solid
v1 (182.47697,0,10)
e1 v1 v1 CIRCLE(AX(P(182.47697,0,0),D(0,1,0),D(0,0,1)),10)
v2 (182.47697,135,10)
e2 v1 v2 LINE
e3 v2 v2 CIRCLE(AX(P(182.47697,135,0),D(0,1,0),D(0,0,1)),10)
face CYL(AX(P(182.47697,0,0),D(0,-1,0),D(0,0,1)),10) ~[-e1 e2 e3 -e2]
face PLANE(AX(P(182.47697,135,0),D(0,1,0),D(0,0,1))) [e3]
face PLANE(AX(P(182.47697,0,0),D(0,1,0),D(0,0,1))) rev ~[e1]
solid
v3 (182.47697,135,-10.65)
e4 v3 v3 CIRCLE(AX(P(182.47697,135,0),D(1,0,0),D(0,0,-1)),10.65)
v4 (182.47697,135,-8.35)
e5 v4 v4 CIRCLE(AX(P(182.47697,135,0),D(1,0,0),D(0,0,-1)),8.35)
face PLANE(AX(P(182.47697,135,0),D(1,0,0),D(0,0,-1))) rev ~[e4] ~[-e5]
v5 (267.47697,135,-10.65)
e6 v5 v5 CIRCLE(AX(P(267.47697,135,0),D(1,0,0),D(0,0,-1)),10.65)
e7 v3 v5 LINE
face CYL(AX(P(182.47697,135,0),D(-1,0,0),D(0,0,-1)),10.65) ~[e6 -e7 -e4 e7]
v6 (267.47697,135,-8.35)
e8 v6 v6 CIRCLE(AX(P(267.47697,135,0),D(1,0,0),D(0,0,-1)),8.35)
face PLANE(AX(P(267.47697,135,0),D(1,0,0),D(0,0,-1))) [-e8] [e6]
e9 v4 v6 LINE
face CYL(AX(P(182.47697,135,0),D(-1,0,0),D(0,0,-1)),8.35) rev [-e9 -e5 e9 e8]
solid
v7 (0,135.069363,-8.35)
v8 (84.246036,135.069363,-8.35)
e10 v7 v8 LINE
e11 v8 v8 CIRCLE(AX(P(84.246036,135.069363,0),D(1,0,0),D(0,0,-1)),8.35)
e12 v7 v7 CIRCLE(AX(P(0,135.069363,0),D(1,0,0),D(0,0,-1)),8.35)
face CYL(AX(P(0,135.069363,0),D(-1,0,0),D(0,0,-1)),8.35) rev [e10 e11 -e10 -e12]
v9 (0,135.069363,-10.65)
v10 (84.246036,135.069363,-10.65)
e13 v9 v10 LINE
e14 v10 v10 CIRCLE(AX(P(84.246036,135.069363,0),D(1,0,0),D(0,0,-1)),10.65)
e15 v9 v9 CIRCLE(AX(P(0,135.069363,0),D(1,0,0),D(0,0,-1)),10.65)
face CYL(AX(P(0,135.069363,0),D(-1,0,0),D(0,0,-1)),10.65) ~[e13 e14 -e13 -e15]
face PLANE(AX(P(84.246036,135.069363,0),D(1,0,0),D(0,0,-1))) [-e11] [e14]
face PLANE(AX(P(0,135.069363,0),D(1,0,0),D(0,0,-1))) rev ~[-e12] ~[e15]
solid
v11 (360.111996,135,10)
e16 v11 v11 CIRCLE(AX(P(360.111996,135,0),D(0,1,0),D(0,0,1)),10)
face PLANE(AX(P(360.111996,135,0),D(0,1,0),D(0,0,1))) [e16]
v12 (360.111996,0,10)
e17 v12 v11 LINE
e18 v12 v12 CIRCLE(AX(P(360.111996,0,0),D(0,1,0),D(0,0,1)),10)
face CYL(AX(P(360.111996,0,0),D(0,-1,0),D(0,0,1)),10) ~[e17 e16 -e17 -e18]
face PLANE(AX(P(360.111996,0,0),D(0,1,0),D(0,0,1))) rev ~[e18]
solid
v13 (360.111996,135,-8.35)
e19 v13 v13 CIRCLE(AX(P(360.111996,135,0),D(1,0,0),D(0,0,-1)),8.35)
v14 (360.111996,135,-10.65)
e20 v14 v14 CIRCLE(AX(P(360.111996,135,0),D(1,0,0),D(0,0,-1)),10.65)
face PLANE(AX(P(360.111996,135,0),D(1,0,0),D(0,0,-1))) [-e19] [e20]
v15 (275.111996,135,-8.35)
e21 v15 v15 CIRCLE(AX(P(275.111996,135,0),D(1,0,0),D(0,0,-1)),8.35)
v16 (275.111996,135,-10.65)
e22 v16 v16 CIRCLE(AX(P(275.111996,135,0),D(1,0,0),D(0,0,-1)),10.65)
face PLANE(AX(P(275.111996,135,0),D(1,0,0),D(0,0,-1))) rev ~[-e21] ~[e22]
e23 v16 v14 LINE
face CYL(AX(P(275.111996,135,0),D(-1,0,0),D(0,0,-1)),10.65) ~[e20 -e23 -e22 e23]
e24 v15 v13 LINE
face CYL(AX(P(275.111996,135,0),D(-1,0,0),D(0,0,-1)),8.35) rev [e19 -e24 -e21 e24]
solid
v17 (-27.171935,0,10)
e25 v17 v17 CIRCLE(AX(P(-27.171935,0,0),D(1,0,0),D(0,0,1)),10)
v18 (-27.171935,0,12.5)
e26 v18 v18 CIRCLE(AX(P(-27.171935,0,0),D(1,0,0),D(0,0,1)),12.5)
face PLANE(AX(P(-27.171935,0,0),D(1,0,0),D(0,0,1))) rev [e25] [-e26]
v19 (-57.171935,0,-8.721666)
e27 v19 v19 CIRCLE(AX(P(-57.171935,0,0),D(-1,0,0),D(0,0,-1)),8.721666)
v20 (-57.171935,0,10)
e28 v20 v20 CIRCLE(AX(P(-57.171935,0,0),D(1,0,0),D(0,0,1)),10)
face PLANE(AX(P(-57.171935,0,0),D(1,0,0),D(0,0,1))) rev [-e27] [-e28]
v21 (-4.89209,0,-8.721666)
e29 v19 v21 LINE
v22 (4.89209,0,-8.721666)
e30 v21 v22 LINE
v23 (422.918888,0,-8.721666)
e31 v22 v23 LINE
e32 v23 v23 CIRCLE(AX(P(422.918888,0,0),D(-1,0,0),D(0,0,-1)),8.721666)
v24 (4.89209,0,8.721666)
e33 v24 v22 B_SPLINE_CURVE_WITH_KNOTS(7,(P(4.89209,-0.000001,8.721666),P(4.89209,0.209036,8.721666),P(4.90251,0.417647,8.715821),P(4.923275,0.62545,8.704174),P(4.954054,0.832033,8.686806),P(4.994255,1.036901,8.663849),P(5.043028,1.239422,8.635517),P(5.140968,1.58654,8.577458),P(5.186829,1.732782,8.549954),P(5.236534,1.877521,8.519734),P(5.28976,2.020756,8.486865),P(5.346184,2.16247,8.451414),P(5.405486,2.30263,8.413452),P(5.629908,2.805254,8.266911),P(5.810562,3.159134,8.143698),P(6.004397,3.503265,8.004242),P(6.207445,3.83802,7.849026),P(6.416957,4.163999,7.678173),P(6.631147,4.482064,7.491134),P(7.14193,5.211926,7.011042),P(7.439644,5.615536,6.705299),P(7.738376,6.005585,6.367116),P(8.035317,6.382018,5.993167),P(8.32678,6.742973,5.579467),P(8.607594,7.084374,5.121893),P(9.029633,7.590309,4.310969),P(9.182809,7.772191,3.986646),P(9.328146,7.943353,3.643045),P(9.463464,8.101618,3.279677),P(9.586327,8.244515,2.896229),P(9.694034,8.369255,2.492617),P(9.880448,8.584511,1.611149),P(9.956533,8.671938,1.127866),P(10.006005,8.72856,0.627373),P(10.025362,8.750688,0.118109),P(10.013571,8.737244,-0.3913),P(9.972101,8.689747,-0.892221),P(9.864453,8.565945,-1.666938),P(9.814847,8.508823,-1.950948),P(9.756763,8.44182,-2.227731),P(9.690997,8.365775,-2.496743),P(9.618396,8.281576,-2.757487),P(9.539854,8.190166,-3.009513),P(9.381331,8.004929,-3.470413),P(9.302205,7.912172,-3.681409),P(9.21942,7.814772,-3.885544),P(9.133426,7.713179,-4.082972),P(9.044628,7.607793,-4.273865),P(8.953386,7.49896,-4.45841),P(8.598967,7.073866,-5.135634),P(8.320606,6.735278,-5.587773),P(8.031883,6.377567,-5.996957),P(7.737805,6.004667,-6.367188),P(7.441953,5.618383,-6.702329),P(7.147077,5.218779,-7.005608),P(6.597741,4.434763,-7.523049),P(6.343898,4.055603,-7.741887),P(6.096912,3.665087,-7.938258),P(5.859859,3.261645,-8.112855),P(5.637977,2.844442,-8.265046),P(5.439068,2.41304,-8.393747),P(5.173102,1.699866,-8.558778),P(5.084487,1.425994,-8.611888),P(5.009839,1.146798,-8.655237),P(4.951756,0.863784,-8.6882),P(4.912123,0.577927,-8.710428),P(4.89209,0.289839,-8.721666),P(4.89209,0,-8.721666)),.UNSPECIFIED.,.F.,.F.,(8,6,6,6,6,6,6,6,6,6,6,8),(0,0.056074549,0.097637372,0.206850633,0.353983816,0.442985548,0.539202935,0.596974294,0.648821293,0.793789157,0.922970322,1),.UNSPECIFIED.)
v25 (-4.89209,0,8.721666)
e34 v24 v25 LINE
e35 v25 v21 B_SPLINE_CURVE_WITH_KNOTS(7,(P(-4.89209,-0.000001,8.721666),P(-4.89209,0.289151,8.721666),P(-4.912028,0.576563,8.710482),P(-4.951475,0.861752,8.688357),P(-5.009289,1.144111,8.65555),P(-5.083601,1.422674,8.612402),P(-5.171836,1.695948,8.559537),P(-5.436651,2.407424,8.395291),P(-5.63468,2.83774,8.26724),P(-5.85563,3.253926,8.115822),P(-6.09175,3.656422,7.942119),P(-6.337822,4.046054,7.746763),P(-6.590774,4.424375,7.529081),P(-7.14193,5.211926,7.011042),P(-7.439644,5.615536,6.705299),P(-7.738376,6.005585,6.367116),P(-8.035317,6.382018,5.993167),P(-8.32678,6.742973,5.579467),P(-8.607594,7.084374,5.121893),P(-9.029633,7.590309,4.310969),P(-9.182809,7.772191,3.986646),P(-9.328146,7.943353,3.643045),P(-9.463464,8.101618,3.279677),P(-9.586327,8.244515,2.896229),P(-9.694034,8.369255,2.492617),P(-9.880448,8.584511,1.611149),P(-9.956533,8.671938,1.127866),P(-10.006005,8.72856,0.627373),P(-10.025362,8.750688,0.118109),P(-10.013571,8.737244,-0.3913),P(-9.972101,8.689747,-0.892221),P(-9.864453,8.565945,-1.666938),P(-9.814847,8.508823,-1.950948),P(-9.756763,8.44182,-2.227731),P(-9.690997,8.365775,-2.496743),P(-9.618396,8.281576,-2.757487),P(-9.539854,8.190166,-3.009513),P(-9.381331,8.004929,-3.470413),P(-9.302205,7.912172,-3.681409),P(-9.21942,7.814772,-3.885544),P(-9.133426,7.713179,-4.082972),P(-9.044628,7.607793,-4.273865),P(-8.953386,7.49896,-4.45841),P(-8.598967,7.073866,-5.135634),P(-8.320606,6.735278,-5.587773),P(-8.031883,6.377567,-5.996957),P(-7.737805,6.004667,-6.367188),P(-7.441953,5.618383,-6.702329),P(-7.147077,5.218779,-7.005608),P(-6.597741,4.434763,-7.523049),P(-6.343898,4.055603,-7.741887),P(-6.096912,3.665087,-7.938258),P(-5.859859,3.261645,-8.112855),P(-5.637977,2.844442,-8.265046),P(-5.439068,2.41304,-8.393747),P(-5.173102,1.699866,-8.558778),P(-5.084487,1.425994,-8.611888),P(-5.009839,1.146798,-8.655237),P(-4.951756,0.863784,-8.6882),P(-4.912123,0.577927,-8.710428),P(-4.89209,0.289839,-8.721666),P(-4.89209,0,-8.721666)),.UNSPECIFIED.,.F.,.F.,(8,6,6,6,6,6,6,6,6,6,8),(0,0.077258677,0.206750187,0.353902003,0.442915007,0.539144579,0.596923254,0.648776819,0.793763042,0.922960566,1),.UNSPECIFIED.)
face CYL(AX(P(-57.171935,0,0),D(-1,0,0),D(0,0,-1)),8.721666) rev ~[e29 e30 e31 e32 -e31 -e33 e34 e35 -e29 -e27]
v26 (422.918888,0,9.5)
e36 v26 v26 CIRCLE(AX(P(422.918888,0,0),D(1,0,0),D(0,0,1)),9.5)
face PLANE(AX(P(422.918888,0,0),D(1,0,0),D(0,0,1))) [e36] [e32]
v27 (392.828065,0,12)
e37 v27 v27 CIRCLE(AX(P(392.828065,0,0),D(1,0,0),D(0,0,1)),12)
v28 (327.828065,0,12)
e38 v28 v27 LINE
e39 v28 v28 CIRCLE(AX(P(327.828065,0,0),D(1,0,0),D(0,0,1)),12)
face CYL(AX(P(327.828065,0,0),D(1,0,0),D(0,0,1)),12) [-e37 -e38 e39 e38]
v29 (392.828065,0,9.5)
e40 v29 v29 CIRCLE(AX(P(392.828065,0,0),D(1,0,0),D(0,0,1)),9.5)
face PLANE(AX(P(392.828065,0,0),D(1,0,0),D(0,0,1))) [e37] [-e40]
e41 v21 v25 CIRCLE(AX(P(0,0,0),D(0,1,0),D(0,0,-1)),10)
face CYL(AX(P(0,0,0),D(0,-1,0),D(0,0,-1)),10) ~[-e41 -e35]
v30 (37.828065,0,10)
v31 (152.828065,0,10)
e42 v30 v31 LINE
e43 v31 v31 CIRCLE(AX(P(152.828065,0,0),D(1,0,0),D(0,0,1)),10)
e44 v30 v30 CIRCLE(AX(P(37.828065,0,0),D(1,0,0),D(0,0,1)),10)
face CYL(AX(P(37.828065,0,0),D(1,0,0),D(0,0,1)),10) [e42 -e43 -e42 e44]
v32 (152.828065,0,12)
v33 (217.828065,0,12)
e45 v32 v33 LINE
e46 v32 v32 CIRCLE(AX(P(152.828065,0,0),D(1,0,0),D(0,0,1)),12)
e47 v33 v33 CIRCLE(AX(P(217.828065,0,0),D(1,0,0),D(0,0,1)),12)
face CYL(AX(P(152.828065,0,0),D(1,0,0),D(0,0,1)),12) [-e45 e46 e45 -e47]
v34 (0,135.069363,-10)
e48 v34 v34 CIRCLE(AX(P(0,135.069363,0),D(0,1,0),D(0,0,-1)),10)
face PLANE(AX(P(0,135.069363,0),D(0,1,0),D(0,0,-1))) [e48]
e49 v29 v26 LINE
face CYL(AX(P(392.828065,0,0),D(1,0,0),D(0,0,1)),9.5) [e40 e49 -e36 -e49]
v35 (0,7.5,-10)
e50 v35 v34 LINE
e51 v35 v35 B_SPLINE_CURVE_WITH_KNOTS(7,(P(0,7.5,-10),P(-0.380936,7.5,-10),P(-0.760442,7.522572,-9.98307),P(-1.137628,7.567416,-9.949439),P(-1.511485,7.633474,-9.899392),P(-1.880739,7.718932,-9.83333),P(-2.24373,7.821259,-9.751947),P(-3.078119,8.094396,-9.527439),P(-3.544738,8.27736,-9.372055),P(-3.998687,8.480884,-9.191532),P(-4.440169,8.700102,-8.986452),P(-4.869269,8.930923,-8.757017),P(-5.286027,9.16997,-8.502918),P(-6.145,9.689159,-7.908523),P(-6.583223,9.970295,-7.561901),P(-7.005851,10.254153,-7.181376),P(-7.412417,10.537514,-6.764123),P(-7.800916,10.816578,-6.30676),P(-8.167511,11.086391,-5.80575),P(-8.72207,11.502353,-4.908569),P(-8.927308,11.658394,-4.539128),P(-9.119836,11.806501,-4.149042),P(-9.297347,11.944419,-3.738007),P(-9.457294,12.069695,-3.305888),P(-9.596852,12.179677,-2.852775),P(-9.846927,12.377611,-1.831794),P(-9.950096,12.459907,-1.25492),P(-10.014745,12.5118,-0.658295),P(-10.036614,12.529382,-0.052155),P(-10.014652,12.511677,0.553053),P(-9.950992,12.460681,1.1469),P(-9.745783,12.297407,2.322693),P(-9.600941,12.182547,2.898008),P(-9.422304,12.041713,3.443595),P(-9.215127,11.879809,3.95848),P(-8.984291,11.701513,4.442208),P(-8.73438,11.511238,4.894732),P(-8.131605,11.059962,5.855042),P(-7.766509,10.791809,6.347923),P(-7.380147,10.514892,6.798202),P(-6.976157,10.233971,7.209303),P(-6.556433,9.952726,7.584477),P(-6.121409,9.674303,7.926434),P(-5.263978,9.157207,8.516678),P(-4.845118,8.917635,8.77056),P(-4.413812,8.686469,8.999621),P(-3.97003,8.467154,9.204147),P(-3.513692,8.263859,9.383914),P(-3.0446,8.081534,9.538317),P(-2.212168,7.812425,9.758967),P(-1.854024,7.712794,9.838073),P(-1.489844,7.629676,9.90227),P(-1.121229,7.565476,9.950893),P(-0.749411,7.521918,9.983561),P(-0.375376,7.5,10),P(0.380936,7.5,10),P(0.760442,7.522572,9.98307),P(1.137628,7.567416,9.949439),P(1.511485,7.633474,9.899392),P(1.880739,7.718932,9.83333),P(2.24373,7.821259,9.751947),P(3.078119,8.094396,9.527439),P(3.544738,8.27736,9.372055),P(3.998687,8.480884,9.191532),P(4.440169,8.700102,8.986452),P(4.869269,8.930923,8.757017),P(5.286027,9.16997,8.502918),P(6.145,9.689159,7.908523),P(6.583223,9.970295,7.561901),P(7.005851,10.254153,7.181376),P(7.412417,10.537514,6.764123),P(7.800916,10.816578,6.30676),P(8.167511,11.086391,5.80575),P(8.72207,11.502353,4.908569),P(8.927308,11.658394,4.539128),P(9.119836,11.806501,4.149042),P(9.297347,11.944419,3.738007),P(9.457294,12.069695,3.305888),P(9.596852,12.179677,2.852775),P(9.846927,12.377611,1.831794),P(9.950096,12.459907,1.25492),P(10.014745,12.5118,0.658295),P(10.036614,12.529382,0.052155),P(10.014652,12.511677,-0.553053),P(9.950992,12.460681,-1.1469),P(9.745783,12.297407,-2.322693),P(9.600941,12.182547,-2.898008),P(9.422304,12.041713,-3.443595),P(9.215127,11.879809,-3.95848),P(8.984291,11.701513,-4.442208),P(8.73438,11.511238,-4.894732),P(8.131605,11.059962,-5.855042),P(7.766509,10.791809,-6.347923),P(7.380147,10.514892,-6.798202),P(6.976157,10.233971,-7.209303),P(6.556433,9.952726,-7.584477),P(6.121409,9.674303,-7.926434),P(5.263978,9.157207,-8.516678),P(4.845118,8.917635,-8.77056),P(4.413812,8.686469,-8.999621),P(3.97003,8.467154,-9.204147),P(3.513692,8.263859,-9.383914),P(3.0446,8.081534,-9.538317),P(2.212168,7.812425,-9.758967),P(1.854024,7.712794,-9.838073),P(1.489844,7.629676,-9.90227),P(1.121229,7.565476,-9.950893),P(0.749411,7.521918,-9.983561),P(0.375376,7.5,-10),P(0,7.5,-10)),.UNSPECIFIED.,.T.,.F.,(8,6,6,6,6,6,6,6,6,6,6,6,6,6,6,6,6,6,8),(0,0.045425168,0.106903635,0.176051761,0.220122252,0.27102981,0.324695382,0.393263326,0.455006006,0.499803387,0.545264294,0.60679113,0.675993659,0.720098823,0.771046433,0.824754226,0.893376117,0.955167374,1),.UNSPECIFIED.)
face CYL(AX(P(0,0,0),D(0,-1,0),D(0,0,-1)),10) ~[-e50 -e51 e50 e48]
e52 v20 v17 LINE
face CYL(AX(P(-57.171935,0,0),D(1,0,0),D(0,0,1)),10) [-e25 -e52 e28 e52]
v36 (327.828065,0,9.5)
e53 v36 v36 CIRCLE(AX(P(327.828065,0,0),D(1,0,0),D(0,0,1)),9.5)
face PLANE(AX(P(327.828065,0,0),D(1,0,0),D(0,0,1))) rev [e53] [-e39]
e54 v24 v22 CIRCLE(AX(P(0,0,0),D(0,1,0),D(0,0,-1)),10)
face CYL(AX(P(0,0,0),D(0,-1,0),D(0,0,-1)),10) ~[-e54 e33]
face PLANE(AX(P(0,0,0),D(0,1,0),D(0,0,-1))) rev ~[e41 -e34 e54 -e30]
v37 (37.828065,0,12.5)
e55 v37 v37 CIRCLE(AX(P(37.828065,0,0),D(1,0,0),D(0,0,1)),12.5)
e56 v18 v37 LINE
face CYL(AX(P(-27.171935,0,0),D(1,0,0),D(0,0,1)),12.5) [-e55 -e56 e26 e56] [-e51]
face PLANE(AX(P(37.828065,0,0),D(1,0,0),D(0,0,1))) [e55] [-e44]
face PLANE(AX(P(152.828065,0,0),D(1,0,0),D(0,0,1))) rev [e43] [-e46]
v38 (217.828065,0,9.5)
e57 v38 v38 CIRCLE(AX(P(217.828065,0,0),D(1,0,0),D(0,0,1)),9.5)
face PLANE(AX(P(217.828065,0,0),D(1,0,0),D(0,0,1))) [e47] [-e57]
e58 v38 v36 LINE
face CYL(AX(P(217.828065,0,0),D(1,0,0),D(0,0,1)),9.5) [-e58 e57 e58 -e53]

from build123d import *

# Parameters (mm, degrees)
SKETCH3_R                  = 8.721666083
CUT_EXTRUDE2_DEPTH         = 480
CUT_EXTRUDE2_DEPTH_BACK    = 500
SKETCH6_R                  = 10
BOSS_EXTRUDE1_DEPTH        = 135.069363488
SKETCH11_R                 = 10.65
SKETCH11_R_2               = 8.35
STRUCTURAL_MEMBER1_DEPTH   = 84.246035782
SKETCH13_R                 = 10
BOSS_EXTRUDE2_DEPTH        = 135
BOSS_EXTRUDE2_2_DEPTH      = 135
SKETCH12_R                 = 10.65
SKETCH12_R_2               = 8.35
STRUCTURAL_MEMBER2_DEPTH   = 85
SKETCH12_ON_SEGMENT_2_R    = 10.65
SKETCH12_ON_SEGMENT_2_R_2  = 8.35
STRUCTURAL_MEMBER2_2_DEPTH = 85


with BuildPart() as part:
    # Sketch1 → Revolve3 (revolve)
    with BuildSketch(Plane.XY, mode=Mode.PRIVATE) as revolve3_sk:
        Polygon((-57.171934505, 0), (-57.171934505, 10), (-27.171934505, 10), (-27.171934505, 12.5), (37.828065495, 12.5), (37.828065495, 10), (152.828065495, 10), (152.828065495, 12), (217.828065495, 12), (217.828065495, 9.5), (327.828065495, 9.5), (327.828065495, 12), (392.828065495, 12), (392.828065495, 9.5), (422.918888311, 9.5), (422.918888311, 0), align=None)
    revolve(revolve3_sk.sketch.rotate(Axis((-63.851816887, 0, 0), (1, 0, 0)), 90), axis=Axis((-63.851816887, 0, 0), (1, 0, 0)))

    # Sketch3 → Cut-Extrude2 (cut, two sides)
    with BuildSketch(Plane.ZY.offset(57.171934505)) as cut_extrude2_sk:
        with Locations(Location((0, 0, 0), (0, 0, 180))):
            Circle(SKETCH3_R)
    extrude(amount=CUT_EXTRUDE2_DEPTH, mode=Mode.SUBTRACT)
    extrude(cut_extrude2_sk.sketch, amount=-CUT_EXTRUDE2_DEPTH_BACK, mode=Mode.SUBTRACT)

    # Sketch6 → Boss-Extrude1 (add)
    with BuildSketch(Plane(origin=(0, 0, 0), x_dir=(1, 0, 0), z_dir=(0, 1, 0))):
        with Locations(Location((0, 0, 0), (0, 0, 90))):
            Circle(SKETCH6_R)
    extrude(amount=BOSS_EXTRUDE1_DEPTH)


with BuildPart() as body_2:
    # Sketch11 → Structural Member1 (new body)
    with BuildSketch(Plane(origin=(0, 135.069363488, 0), x_dir=(0, 0, -1), z_dir=(1, 0, 0))):
        Circle(SKETCH11_R)
        Circle(SKETCH11_R_2, mode=Mode.SUBTRACT)
    extrude(amount=STRUCTURAL_MEMBER1_DEPTH)


with BuildPart() as body_3:
    # Sketch13 → Boss-Extrude2 (new body)
    with BuildSketch(Plane(origin=(0, 0, 0), x_dir=(1, 0, 0), z_dir=(0, 1, 0))):
        with Locations(Location((182.476970148, 0, 0), (0, 0, 270))):
            Circle(SKETCH13_R)
    extrude(amount=BOSS_EXTRUDE2_DEPTH)


with BuildPart() as body_4:
    # Sketch13 → Boss-Extrude2 2 (new body)
    with BuildSketch(Plane(origin=(0, 0, 0), x_dir=(1, 0, 0), z_dir=(0, 1, 0))):
        with Locations(Location((360.111996239, 0, 0), (0, 0, 270))):
            Circle(SKETCH13_R)
    extrude(amount=BOSS_EXTRUDE2_2_DEPTH)


with BuildPart() as body_5:
    # Sketch12 → Structural Member2 (new body)
    with BuildSketch(Plane(origin=(182.476970148, 135, 0), x_dir=(0, 0, -1), z_dir=(1, 0, 0))):
        Circle(SKETCH12_R)
        Circle(SKETCH12_R_2, mode=Mode.SUBTRACT)
    extrude(amount=STRUCTURAL_MEMBER2_DEPTH)


with BuildPart() as body_6:
    # Sketch12 on segment 2 (carried to segment 2) → Structural Member2 2 (new body)
    with BuildSketch(Plane(origin=(275.111996239, 135, 0), x_dir=(0, 0, -1), z_dir=(1, 0, 0))):
        Circle(SKETCH12_ON_SEGMENT_2_R)
        Circle(SKETCH12_ON_SEGMENT_2_R_2, mode=Mode.SUBTRACT)
    extrude(amount=STRUCTURAL_MEMBER2_2_DEPTH)


solid = Compound([part.part, body_2.part, body_3.part, body_4.part, body_5.part, body_6.part])
